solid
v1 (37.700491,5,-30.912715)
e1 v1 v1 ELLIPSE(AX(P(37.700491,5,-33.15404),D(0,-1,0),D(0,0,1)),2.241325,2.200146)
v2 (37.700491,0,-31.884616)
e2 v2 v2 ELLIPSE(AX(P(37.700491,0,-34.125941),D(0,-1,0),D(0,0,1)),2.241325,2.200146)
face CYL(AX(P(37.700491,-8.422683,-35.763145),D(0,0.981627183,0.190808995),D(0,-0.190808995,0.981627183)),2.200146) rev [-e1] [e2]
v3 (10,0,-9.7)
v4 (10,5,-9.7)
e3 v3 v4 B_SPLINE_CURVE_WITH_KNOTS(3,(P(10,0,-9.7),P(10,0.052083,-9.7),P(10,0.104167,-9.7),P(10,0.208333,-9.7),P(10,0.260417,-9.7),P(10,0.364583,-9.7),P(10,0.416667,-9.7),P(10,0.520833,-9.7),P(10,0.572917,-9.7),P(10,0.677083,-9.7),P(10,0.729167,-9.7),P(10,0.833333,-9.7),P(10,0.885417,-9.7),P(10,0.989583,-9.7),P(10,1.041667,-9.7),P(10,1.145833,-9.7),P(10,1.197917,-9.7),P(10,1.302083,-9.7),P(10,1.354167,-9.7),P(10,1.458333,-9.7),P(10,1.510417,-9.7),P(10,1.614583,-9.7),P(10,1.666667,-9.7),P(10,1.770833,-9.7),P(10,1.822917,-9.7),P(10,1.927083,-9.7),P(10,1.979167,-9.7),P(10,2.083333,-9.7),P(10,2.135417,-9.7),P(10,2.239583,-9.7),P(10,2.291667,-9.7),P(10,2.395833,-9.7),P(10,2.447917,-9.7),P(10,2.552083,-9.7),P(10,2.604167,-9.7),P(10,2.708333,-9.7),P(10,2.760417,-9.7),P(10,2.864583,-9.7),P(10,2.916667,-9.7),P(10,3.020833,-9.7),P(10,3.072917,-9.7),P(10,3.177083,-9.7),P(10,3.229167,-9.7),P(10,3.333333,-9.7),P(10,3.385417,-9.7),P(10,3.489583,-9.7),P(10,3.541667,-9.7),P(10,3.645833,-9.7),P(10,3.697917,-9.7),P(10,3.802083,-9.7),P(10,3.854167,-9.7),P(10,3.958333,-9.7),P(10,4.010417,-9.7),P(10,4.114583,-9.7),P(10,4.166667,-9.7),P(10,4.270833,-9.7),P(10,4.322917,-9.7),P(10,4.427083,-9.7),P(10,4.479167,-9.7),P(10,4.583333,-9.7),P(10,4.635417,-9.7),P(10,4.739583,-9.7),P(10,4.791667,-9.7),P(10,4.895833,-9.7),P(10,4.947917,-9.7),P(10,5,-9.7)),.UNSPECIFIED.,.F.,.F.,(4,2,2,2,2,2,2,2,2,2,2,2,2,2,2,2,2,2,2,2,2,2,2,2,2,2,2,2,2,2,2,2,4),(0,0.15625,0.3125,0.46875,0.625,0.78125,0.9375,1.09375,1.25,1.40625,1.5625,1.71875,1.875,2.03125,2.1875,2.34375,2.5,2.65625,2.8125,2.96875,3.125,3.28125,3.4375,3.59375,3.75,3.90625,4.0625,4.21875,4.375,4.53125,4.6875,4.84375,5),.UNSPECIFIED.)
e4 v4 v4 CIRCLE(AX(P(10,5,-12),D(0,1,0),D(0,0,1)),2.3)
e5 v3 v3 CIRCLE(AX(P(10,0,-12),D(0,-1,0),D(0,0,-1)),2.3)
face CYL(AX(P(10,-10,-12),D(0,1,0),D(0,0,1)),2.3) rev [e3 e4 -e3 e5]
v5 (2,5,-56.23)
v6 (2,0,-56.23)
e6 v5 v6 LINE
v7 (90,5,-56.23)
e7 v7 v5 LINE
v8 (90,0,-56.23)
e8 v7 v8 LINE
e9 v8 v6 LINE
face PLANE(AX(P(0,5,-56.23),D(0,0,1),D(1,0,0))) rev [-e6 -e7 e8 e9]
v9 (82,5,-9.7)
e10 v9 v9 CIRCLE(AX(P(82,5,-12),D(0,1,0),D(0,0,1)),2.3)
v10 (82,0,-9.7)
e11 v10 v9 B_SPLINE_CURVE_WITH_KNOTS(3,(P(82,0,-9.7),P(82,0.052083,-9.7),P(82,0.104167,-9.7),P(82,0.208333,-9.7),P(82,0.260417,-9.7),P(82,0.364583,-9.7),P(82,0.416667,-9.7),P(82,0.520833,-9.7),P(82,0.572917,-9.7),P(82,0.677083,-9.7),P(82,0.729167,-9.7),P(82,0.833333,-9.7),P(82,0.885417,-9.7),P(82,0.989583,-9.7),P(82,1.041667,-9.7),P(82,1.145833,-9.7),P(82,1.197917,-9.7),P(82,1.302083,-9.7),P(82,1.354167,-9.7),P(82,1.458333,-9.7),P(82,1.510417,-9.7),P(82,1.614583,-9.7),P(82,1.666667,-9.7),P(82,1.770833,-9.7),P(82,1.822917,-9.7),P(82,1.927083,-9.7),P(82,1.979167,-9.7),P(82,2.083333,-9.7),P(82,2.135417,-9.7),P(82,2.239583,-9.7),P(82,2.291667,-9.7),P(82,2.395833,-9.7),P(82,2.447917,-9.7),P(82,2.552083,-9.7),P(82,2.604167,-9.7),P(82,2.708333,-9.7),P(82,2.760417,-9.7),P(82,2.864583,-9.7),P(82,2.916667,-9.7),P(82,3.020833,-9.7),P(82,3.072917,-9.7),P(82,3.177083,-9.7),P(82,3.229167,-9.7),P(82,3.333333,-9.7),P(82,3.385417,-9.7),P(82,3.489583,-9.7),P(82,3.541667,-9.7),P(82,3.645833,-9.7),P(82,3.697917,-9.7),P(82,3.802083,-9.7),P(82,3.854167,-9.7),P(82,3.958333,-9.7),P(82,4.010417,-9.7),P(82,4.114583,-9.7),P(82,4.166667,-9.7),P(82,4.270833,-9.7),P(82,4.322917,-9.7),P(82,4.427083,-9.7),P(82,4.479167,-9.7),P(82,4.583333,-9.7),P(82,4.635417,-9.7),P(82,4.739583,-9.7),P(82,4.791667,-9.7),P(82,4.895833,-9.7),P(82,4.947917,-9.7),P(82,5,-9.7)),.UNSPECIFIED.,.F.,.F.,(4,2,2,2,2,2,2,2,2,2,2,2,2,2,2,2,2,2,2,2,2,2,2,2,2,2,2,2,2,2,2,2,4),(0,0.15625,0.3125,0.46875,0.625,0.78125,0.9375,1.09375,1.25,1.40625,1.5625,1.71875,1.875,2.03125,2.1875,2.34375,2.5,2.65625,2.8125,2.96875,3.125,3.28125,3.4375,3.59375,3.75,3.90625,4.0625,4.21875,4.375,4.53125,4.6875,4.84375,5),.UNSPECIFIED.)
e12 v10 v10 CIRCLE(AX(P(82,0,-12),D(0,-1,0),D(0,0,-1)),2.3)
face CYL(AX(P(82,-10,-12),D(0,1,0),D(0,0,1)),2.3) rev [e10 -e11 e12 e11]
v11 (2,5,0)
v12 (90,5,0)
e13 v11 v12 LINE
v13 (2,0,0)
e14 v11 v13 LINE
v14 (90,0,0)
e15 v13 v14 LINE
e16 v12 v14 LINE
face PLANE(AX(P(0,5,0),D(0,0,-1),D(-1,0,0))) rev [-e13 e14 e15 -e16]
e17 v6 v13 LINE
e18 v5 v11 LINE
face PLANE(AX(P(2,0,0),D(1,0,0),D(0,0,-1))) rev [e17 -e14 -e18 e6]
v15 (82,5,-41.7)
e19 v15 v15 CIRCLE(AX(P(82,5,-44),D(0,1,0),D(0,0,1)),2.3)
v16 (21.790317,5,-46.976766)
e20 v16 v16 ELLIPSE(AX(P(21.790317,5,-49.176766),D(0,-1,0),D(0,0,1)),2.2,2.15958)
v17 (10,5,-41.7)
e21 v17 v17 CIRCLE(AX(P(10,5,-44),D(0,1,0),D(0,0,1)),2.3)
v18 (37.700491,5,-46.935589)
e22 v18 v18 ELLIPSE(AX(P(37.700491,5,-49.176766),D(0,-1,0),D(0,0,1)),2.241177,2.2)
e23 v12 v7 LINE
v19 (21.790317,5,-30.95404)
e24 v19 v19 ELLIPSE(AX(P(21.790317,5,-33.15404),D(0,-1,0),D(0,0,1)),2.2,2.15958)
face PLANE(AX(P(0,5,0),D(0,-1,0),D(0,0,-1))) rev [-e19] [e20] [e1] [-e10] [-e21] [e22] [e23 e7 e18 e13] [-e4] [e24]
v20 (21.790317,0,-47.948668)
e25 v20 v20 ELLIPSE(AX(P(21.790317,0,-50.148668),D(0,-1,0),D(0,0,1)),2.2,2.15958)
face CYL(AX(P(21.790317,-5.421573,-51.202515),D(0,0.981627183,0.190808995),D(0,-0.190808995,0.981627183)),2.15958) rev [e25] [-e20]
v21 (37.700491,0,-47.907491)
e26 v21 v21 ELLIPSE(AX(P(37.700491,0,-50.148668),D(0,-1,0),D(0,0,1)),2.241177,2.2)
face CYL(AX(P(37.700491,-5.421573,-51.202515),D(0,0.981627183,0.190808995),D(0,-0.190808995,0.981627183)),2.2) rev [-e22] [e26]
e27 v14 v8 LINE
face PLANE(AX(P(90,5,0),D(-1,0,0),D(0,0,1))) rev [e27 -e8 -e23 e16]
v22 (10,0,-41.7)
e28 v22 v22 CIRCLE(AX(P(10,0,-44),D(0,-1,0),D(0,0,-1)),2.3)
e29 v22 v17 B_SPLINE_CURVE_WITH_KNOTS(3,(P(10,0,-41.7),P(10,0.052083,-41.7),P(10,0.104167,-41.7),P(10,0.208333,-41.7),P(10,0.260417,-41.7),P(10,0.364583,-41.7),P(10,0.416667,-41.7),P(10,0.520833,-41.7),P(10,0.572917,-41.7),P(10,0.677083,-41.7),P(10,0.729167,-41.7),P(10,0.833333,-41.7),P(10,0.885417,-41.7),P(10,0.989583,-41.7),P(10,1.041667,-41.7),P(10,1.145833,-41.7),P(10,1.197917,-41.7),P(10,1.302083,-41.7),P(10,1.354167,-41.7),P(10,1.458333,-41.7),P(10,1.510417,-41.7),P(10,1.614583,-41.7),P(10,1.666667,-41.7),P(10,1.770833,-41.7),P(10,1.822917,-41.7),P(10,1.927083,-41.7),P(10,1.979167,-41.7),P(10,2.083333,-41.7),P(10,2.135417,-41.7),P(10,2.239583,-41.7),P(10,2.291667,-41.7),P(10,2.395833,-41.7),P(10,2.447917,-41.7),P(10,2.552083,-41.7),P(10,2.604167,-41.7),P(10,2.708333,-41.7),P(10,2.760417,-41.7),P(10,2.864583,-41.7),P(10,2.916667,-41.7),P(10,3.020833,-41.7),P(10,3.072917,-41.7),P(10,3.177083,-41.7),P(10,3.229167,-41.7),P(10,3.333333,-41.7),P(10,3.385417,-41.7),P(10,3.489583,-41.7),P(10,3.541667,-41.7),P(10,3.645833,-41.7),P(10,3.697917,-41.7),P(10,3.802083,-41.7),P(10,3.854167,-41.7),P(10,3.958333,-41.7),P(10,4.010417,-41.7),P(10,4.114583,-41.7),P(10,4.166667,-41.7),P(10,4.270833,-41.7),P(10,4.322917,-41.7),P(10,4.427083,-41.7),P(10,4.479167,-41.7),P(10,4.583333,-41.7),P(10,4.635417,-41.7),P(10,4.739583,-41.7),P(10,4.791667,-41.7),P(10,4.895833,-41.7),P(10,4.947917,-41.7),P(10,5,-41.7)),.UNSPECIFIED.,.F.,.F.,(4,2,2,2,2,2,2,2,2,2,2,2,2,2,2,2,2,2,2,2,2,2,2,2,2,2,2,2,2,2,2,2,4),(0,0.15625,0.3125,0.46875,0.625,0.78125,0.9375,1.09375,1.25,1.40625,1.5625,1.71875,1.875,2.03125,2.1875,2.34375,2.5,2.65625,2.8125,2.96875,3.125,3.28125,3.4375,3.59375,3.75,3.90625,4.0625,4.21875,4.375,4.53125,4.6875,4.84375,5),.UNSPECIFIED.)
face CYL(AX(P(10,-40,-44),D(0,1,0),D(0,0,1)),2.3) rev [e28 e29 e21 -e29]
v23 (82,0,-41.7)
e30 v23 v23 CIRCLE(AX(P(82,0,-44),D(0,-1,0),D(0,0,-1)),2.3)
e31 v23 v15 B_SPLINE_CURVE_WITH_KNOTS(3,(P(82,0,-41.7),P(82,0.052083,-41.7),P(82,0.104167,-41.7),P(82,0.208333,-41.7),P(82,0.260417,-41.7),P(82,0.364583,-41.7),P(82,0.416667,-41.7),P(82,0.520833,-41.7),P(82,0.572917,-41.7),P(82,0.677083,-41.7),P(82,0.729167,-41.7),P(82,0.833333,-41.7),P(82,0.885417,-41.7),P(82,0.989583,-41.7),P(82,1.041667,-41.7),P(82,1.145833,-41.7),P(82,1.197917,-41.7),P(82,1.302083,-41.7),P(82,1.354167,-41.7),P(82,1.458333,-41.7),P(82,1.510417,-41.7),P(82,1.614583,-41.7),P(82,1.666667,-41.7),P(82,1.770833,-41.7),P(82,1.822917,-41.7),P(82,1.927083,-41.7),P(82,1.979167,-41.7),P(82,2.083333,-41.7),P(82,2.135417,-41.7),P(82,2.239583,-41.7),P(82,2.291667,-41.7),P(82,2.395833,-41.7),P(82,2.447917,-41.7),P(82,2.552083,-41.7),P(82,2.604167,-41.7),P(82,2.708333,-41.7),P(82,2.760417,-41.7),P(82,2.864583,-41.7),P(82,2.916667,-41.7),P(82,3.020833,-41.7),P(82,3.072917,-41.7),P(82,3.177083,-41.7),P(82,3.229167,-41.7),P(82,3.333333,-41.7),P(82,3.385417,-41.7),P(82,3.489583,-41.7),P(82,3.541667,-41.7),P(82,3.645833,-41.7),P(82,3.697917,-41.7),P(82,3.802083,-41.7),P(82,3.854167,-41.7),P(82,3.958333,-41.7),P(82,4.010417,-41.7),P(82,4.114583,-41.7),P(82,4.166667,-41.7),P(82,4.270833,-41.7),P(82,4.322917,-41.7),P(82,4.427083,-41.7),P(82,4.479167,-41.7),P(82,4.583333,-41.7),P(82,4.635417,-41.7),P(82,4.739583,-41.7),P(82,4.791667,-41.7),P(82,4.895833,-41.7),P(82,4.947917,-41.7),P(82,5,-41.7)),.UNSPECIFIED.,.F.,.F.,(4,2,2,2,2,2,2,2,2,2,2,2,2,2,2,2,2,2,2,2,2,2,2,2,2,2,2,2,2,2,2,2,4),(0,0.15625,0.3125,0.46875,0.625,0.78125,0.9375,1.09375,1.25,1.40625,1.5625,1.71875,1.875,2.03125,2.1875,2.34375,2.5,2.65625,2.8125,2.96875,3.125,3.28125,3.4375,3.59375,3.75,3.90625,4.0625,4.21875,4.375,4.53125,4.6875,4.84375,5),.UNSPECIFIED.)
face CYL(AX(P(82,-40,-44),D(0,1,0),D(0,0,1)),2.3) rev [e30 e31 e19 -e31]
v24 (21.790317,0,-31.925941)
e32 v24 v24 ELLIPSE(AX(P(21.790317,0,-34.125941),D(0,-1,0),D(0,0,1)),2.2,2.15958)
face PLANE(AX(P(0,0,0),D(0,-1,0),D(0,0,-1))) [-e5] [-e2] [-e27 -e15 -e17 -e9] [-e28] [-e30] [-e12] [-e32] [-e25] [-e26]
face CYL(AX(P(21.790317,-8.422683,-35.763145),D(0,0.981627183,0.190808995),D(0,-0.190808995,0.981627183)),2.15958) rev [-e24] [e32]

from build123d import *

# Parameters (mm, degrees)
SKETCH1_W           = 90
SKETCH1_H           = 56.23
BOSS_EXTRUDE1_DEPTH = 5
SKETCH2_R           = 2.3
CUT_EXTRUDE1_DEPTH  = 15
SKETCH7_R           = 2.3
CUT_EXTRUDE3_DEPTH  = 45
SKETCH9_W           = 61.183864123
SKETCH9_H           = 5.04390519
CUT_EXTRUDE4_DEPTH  = 2
SKETCH11_R          = 2.159579804
SKETCH11_R_2        = 2.2
SKETCH11_R_3        = 2.200145532
CUT_EXTRUDE5_DEPTH  = 20


with BuildPart() as part:
    # Sketch1 → Boss-Extrude1 (new body)
    with BuildSketch(Plane(origin=(0, 0, 0), x_dir=(1, 0, 0), z_dir=(0, 1, 0))):
        with Locations((45, 28.115)):
            Rectangle(SKETCH1_W, SKETCH1_H)
    extrude(amount=BOSS_EXTRUDE1_DEPTH)

    # Sketch2 → Cut-Extrude1 (cut)
    with BuildSketch(Plane(origin=(0, 5, 0), x_dir=(1, 0, 0), z_dir=(0, 1, 0))):
        with Locations(Location((82, 12, 0), (0, 0, 270))):
            Circle(SKETCH2_R)
        with Locations(Location((10, 12, 0), (0, 0, 270))):
            Circle(SKETCH2_R)
    extrude(amount=-CUT_EXTRUDE1_DEPTH, mode=Mode.SUBTRACT)

    # Sketch7 → Cut-Extrude3 (cut)
    with BuildSketch(Plane(origin=(0, 5, 0), x_dir=(1, 0, 0), z_dir=(0, 1, 0))):
        with Locations(Location((82, 44, 0), (0, 0, 270))):
            Circle(SKETCH7_R)
        with Locations(Location((10, 44, 0), (0, 0, 270))):
            Circle(SKETCH7_R)
    extrude(amount=-CUT_EXTRUDE3_DEPTH, mode=Mode.SUBTRACT)

    # Sketch9 → Cut-Extrude4 (cut)
    with BuildSketch(Plane.ZY):
        with Locations((-25.638067939, 2.521952595)):
            Rectangle(SKETCH9_W, SKETCH9_H)
    extrude(amount=-CUT_EXTRUDE4_DEPTH, mode=Mode.SUBTRACT)

    # Sketch11 → Cut-Extrude5 (cut)
    with BuildSketch(Plane(origin=(0, 4.817959636, 0.936516484), x_dir=(1, 0, 0), z_dir=(0, 0.9816271834476639, 0.19080899537654525))):
        with Locations(Location((21.790317182, 49.227295285, 0), (0, 0, 270))):
            Circle(SKETCH11_R)
        with Locations(Location((37.700491288, 49.227295285, 0), (0, 0, 270))):
            Circle(SKETCH11_R_2)
        with Locations(Location((37.700491288, 33.498951741, 0), (0, 0, 270))):
            Circle(SKETCH11_R_3)
        with Locations(Location((21.790317182, 33.498951741, 0), (0, 0, 270))):
            Circle(SKETCH11_R)
    extrude(amount=-CUT_EXTRUDE5_DEPTH, mode=Mode.SUBTRACT)


solid = part.part
